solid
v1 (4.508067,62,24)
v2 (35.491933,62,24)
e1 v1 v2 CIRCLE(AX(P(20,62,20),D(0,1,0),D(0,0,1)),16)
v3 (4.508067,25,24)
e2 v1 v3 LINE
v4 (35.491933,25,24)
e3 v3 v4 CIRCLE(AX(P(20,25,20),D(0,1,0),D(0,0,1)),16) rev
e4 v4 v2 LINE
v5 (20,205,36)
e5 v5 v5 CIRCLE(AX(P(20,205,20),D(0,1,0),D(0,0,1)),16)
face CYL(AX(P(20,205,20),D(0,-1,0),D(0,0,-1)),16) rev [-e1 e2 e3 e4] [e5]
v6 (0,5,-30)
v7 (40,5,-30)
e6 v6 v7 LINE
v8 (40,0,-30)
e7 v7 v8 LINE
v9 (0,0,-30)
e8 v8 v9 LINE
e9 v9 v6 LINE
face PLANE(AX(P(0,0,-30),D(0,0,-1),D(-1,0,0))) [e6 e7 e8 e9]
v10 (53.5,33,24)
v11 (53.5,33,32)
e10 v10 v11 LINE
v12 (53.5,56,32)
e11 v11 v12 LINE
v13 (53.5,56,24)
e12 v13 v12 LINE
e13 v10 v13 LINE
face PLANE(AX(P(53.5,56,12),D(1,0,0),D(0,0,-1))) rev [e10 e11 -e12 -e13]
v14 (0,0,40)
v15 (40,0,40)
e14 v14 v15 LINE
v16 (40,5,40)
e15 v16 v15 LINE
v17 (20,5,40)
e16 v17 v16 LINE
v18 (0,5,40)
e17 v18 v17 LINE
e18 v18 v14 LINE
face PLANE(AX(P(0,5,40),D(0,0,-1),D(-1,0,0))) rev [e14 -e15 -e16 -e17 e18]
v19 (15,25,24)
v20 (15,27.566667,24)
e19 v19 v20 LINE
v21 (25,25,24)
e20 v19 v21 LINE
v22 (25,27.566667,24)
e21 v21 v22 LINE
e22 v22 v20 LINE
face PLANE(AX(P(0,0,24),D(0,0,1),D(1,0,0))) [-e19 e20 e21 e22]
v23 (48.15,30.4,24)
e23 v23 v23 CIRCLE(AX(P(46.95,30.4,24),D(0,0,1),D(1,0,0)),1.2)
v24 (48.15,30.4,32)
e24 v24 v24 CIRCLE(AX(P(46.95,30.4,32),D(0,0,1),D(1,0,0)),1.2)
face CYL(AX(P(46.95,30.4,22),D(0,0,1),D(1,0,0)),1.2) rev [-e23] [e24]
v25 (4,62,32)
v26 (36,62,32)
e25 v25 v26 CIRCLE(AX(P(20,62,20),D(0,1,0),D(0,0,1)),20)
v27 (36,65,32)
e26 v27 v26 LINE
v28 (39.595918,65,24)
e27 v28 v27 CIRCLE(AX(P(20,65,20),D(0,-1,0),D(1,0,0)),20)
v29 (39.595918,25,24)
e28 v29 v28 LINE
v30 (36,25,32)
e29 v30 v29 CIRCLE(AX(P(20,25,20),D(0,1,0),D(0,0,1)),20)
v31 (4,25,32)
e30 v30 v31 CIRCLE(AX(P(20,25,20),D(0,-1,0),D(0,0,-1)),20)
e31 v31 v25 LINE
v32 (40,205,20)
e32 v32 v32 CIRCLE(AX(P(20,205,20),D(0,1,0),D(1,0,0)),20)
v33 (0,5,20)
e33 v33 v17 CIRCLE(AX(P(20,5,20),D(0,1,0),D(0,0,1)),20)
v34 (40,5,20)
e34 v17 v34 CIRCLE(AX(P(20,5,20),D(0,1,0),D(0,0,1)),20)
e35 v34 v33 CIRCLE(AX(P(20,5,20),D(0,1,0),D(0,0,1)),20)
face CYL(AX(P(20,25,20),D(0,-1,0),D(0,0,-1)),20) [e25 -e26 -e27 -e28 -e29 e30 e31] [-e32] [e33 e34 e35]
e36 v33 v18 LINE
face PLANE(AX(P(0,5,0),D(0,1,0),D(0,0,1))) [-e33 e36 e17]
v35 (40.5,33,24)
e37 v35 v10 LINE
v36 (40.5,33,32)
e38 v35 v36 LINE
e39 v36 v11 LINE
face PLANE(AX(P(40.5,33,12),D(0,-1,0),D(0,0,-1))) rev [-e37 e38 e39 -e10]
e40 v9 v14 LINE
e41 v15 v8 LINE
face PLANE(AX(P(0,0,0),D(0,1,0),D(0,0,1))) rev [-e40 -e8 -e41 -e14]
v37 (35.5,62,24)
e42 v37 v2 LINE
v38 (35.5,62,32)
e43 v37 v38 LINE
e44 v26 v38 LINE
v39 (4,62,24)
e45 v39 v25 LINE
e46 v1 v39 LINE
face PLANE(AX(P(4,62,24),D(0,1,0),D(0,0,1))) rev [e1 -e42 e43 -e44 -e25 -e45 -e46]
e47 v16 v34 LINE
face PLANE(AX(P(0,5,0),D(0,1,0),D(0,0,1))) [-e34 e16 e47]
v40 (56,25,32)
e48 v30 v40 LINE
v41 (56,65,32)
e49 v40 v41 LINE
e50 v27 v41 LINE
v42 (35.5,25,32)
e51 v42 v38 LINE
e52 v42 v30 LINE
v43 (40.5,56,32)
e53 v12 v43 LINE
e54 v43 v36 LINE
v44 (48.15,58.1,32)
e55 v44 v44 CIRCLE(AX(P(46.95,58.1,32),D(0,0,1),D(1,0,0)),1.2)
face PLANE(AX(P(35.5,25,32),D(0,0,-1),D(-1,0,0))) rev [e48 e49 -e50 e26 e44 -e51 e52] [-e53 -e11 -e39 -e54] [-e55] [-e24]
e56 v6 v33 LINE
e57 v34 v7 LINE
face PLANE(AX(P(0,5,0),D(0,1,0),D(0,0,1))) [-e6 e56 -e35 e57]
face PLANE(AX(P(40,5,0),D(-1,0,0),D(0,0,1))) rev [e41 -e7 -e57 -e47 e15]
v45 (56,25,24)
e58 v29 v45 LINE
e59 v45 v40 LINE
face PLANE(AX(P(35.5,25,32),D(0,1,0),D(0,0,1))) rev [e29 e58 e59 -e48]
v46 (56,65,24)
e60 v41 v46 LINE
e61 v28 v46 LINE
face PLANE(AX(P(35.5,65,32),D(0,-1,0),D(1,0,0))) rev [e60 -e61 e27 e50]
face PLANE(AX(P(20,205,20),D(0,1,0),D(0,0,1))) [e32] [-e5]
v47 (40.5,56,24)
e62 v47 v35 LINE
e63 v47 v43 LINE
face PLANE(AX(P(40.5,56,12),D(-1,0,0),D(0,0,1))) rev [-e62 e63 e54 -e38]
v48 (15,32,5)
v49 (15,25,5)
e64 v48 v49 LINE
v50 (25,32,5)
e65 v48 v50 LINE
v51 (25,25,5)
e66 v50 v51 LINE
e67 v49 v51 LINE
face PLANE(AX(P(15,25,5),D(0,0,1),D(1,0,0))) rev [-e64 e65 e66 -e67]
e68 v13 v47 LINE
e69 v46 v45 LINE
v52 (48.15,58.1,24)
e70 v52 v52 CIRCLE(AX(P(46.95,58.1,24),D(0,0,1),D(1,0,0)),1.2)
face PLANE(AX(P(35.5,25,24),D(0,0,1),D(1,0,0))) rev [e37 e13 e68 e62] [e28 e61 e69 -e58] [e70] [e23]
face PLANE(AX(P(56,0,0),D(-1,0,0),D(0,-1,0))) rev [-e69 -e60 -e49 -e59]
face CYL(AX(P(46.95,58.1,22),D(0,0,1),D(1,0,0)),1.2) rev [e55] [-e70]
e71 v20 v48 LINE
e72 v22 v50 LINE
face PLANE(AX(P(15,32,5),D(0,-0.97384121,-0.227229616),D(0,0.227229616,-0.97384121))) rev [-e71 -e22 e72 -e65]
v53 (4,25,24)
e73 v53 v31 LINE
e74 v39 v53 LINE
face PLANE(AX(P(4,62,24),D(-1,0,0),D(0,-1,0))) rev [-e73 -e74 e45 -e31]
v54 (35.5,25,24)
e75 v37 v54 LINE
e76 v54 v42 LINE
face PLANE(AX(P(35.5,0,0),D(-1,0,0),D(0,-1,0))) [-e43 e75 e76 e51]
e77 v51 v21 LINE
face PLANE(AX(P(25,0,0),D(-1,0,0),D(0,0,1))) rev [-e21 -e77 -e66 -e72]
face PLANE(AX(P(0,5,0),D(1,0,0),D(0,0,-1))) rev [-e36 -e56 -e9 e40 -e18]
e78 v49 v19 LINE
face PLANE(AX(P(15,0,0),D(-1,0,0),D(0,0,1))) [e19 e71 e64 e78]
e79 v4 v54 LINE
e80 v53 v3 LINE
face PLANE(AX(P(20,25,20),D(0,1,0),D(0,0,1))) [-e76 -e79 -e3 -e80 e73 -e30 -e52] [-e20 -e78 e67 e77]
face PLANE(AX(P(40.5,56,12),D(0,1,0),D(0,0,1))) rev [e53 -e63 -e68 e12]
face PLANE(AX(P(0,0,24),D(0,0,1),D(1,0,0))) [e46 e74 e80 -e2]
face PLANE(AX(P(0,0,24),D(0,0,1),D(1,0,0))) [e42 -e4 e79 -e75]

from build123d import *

# Parameters (mm, degrees)
SKETCH1_W                = 40
SKETCH1_H                = 40
BOSS_EXTRUDE1_DEPTH      = 5
SKETCH2_R                = 20
BOSS_EXTRUDE2_DEPTH      = 20
BOSS_EXTRUDE3_DEPTH      = 5
SKETCH6_R                = 20
SKETCH6_R_2              = 16
EXTRUDE_THIN1_DEPTH      = 180
SKETCH7_W                = 32
SKETCH7_H                = 37
CUT_EXTRUDE1_DEPTH       = 16
BOSS_EXTRUDE4_DEPTH      = 0.5
BOSS_EXTRUDE4_DEPTH_BACK = 20
SKETCH8_W                = 8
SKETCH8_H                = 40
SKETCH12_W               = 40
SKETCH12_H               = 5
BOSS_EXTRUDE5_DEPTH      = 30
SKETCH10_W               = 13
SKETCH10_H               = 23
CUT_EXTRUDE2_DEPTH       = 20
SKETCH11_R               = 1.2
CUT_EXTRUDE3_DEPTH       = 10


with BuildPart() as part:
    # Sketch1 → Boss-Extrude1 (new body)
    with BuildSketch(Plane(origin=(0, 0, 0), x_dir=(1, 0, 0), z_dir=(0, 1, 0))):
        with Locations((20, -20)):
            Rectangle(SKETCH1_W, SKETCH1_H)
    extrude(amount=BOSS_EXTRUDE1_DEPTH)

    # Sketch2 → Boss-Extrude2 (add)
    with BuildSketch(Plane(origin=(0, 5, 0), x_dir=(1, 0, 0), z_dir=(0, 1, 0))):
        with Locations(Location((20, -20, 0), (0, 0, 270))):
            Circle(SKETCH2_R)
    extrude(amount=BOSS_EXTRUDE2_DEPTH)

    # Sketch4 → Boss-Extrude3 (add, symmetric)
    with BuildSketch(Plane.ZY.offset(-20)):
        Polygon((35, 25), (5, 25), (5, 32), align=None)
    extrude(amount=BOSS_EXTRUDE3_DEPTH, both=True)

    # Sketch6 → Extrude-Thin1 (add)
    with BuildSketch(Plane(origin=(0, 25, 0), x_dir=(1, 0, 0), z_dir=(0, 1, 0))):
        with Locations((20, -20)):
            Circle(SKETCH6_R)
        with Locations((20, -20)):
            Circle(SKETCH6_R_2, mode=Mode.SUBTRACT)
    extrude(amount=EXTRUDE_THIN1_DEPTH)

    # Sketch7 → Cut-Extrude1 (cut)
    with BuildSketch(Plane.XY.offset(40)):
        with Locations((20, 43.5)):
            Rectangle(SKETCH7_W, SKETCH7_H)
    extrude(amount=-CUT_EXTRUDE1_DEPTH, mode=Mode.SUBTRACT)

    # Sketch8 → Boss-Extrude4 (add, two sides: drawn at the far end of the back side and taken through both)
    with BuildSketch(Plane.ZY.offset(-36).offset(-BOSS_EXTRUDE4_DEPTH_BACK)):
        with Locations((28, 45)):
            Rectangle(SKETCH8_W, SKETCH8_H)
    extrude(amount=BOSS_EXTRUDE4_DEPTH + BOSS_EXTRUDE4_DEPTH_BACK)

    # Sketch12 → Boss-Extrude5 (add)
    with BuildSketch(Plane(origin=(0, 0, 0), x_dir=(-1, 0, 0), z_dir=(0, 0, -1))):
        with Locations((-20, 2.5)):
            Rectangle(SKETCH12_W, SKETCH12_H)
    extrude(amount=BOSS_EXTRUDE5_DEPTH)

    # Sketch10 → Cut-Extrude2 (cut)
    with BuildSketch(Plane.XY.offset(32)):
        with Locations((47, 44.5)):
            Rectangle(SKETCH10_W, SKETCH10_H)
    extrude(amount=-CUT_EXTRUDE2_DEPTH, mode=Mode.SUBTRACT)

    # Sketch11 → Cut-Extrude3 (cut)
    with BuildSketch(Plane.XY.offset(32)):
        with Locations((46.95, 30.4)):
            Circle(SKETCH11_R)
        with Locations((46.95, 58.1)):
            Circle(SKETCH11_R)
    extrude(amount=-CUT_EXTRUDE3_DEPTH, mode=Mode.SUBTRACT)


solid = part.part
